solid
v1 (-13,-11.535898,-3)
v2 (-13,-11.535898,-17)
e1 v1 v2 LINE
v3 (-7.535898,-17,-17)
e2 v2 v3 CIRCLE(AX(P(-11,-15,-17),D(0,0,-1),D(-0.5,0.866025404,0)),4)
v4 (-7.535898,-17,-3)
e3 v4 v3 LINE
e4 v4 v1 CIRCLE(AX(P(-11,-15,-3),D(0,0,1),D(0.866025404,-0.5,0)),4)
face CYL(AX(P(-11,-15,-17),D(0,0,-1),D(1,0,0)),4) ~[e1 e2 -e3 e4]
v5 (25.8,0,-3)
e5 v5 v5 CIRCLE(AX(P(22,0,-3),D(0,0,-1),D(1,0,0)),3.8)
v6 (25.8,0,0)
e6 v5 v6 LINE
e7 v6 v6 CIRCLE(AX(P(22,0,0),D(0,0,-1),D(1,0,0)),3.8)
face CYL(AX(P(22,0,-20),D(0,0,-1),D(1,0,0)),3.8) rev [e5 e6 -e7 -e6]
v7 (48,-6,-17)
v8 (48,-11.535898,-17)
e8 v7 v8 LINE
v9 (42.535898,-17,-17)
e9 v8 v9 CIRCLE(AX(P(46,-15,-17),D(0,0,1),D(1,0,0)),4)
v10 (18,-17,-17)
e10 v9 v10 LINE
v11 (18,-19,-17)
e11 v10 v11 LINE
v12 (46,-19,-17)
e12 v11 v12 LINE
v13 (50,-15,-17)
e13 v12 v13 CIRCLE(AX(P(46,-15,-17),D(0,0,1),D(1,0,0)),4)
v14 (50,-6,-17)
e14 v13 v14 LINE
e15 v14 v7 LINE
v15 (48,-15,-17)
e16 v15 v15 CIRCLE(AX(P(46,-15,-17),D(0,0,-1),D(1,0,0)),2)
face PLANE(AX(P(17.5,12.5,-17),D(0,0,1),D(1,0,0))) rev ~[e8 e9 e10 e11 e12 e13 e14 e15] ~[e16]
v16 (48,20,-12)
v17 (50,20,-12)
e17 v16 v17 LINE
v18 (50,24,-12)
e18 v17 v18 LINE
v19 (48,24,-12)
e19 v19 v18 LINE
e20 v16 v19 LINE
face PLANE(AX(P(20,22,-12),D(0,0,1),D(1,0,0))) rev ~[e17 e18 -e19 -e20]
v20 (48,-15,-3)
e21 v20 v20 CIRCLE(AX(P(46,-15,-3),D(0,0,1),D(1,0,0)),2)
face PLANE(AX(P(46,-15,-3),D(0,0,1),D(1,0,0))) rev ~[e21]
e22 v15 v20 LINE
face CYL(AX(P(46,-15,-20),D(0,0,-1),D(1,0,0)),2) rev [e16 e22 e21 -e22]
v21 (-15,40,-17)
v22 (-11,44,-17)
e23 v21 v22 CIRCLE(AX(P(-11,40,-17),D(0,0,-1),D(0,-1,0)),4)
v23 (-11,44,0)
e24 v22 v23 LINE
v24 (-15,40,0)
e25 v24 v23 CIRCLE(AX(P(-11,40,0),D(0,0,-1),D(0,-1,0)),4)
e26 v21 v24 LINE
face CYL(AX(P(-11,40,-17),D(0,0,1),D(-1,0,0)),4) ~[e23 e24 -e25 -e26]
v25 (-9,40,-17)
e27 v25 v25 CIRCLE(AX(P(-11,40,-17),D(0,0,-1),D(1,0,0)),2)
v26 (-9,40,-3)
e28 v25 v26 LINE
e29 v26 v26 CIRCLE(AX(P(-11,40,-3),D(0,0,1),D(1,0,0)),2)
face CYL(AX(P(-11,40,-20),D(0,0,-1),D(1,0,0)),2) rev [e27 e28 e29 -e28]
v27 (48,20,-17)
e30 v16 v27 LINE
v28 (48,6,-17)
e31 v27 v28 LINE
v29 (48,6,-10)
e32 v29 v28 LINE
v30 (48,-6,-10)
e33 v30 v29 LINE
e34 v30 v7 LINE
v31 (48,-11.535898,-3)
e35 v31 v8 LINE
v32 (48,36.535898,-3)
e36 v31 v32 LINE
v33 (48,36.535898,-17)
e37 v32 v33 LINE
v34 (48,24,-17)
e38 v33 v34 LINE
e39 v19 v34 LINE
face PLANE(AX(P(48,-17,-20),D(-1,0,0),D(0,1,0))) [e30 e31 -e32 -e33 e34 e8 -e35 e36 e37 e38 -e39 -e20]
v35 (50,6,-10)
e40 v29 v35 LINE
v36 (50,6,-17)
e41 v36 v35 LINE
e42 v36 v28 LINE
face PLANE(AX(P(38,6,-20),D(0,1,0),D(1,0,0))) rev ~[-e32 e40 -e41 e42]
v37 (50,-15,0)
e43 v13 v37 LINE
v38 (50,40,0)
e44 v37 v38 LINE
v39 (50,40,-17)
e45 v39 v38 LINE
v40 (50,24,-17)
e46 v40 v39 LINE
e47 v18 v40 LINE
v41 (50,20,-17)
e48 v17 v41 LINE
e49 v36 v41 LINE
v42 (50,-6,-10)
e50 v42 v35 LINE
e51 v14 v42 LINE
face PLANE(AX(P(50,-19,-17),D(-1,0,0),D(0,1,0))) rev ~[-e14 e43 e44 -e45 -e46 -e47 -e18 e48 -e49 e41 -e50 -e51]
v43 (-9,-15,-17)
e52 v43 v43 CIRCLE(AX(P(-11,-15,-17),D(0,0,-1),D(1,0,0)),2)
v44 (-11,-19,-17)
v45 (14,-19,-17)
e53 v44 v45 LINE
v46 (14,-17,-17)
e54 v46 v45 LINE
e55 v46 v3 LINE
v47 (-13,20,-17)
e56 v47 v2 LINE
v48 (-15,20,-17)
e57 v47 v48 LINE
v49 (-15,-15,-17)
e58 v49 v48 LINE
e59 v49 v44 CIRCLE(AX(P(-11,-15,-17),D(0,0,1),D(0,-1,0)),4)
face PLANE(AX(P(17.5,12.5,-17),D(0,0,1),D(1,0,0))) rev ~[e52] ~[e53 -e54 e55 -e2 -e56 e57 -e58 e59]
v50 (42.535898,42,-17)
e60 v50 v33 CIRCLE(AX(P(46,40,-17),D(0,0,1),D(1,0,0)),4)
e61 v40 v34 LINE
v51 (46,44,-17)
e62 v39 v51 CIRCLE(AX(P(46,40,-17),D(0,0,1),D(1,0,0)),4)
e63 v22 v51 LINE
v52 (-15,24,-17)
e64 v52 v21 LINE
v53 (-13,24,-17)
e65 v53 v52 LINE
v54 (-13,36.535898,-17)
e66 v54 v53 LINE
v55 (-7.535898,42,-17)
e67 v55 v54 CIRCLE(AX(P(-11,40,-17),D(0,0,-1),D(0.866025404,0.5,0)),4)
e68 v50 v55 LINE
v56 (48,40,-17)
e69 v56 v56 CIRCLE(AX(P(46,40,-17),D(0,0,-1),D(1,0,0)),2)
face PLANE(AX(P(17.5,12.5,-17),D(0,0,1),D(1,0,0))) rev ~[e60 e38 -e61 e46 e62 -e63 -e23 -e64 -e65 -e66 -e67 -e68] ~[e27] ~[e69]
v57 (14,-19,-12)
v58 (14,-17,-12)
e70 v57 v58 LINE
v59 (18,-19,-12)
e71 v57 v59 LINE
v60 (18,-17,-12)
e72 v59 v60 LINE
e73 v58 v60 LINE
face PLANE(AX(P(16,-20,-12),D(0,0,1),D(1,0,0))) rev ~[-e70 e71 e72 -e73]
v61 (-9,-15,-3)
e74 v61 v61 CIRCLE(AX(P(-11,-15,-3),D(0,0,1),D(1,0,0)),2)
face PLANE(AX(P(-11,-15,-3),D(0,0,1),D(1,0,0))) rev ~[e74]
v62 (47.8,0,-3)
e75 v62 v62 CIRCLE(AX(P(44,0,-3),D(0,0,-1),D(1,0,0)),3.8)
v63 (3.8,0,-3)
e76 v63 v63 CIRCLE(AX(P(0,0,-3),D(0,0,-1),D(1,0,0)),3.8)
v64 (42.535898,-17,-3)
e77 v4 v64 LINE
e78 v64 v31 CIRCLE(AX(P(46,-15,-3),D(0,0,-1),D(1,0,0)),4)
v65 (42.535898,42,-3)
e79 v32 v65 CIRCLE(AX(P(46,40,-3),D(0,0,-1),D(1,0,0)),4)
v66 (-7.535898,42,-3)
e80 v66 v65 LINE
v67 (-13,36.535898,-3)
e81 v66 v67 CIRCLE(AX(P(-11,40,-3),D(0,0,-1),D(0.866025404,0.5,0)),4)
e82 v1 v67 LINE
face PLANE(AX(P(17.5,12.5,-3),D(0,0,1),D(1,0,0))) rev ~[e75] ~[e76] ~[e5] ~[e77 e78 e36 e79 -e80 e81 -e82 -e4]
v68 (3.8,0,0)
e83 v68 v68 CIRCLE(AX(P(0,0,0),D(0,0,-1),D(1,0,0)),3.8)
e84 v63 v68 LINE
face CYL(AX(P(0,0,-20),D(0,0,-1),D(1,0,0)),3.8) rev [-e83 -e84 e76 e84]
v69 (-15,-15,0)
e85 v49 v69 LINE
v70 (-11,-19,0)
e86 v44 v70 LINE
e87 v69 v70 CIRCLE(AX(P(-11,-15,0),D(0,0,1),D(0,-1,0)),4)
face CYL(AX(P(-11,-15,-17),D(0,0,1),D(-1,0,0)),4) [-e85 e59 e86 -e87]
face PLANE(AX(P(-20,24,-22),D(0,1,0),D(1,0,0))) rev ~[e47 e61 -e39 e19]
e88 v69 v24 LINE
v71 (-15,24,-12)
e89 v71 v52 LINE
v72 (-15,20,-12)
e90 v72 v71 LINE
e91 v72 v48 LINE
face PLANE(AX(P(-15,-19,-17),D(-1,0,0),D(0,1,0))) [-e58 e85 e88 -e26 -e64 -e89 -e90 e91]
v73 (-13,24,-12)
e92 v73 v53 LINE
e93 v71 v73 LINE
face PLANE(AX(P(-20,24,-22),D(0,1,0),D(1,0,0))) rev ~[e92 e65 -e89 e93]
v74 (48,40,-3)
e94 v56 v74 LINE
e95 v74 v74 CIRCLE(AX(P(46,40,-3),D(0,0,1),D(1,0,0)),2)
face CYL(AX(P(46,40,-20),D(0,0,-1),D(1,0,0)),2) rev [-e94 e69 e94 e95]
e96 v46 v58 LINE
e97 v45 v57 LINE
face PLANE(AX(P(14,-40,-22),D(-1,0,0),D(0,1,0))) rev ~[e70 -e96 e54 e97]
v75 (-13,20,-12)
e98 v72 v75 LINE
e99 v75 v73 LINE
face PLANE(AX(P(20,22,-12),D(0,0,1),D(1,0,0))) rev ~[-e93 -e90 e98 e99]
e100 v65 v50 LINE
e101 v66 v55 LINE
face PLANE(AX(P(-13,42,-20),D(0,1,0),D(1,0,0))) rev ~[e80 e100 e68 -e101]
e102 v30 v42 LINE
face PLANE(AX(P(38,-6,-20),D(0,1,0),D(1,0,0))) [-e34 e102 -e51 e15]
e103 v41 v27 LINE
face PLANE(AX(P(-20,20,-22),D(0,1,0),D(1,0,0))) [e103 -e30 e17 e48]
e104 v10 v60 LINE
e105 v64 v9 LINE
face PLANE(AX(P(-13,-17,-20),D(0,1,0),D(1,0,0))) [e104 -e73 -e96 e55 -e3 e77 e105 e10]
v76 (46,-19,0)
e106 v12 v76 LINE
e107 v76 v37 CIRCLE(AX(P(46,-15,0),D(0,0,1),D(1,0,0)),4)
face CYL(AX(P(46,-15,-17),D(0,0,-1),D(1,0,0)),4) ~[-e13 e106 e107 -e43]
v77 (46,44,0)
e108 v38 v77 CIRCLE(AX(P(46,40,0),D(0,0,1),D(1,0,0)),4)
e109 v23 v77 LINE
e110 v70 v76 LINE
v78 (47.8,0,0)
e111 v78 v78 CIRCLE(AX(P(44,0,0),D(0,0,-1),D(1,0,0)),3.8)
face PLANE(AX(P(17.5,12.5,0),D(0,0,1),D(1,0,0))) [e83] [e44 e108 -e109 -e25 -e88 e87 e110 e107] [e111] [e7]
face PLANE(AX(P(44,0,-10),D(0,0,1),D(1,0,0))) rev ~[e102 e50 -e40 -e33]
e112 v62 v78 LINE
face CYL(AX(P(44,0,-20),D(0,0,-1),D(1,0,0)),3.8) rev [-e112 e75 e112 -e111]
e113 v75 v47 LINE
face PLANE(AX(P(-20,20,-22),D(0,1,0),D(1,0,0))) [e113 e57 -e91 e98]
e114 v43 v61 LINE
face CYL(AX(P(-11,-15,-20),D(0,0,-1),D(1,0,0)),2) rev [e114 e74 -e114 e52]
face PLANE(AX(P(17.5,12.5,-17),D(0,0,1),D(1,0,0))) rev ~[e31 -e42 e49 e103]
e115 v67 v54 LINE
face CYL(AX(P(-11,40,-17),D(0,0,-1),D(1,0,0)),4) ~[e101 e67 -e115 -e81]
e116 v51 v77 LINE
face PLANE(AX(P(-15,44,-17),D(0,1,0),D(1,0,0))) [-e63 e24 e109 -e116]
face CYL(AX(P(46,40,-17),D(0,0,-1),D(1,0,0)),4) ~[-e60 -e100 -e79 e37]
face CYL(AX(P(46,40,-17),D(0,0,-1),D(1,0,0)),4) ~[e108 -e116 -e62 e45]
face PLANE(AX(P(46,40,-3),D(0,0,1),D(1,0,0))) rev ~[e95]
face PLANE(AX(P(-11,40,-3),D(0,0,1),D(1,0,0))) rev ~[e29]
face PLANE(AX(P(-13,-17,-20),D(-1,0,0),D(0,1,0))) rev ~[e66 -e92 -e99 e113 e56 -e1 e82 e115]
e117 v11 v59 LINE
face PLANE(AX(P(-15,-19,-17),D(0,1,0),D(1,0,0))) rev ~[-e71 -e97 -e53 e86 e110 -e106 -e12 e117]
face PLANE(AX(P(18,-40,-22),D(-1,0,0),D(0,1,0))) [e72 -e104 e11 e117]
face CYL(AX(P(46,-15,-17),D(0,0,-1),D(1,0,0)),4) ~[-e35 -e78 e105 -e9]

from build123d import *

# Parameters (mm, degrees)
CYLINDER_R        = 3.8
CYLINDER_DEPTH    = 50
CYLINDER001_R     = 10
CYLINDER001_DEPTH = 15
BOX001_W          = 12
BOX001_H          = 12
BOX001_DEPTH      = 10
BOX003_W          = 80
BOX003_H          = 4
BOX003_DEPTH      = 10
BOX004_W          = 4
BOX004_H          = 40
BOX004_DEPTH      = 10
CYLINDER003_R     = 2
CYLINDER003_DEPTH = 17
ARRAY001_X_COUNT  = 2
ARRAY001_X_PITCH  = 57
ARRAY001_Y_COUNT  = 2
ARRAY001_Y_PITCH  = 55
BOX002_W          = 61
BOX002_H          = 59
BOX002_DEPTH      = 17
BOX_W             = 65
BOX_H             = 63
BOX_DEPTH         = 17
FILLET_R          = 4
CYLINDER002_R     = 4
CYLINDER002_DEPTH = 17
ARRAY_X_COUNT     = 2
ARRAY_X_PITCH     = 57
ARRAY_Y_COUNT     = 2
ARRAY_Y_PITCH     = 55


with BuildPart() as encoder_hole:
    # Cylinder → Cylinder (new body)
    with BuildSketch(Plane.XY):
        Circle(CYLINDER_R)
    extrude(amount=CYLINDER_DEPTH)


with BuildPart() as encoder_cap:
    # Cylinder001 → Cylinder001 (new body)
    with BuildSketch(Plane.XY.offset(35)):
        Circle(CYLINDER001_R)
    extrude(amount=CYLINDER001_DEPTH)


with BuildPart() as encoder_fusion:
    # Box001 → Box001 (new body)
    with BuildSketch(Plane(origin=(-6, -6, 0), x_dir=(1, 0, 0), z_dir=(0, 0, 1))):
        with Locations((6, 6)):
            Rectangle(BOX001_W, BOX001_H)
    extrude(amount=BOX001_DEPTH)

    # Fusion: union encoder hole, encoder cap
    add(encoder_hole.part)
    add(encoder_cap.part)


with BuildPart() as encoder_fusion_1:
    # Fusion placement: moved
    add(encoder_fusion.part.moved(Location((0, 0, -20))))


with BuildPart() as encoder_clone001:
    # Body001 base: copy of encoder fusion
    add(encoder_fusion_1.part)


with BuildPart() as encoder_clone001_1:
    # Clone001 placement: moved
    add(encoder_clone001.part.moved(Location((0, 0, 20))))


with BuildPart() as encoder_clone001_2:
    # Body001 placement: moved
    add(encoder_clone001_1.part.moved(Location((22, 0, -20))))


with BuildPart() as encoder_compound_clone:
    # Body base: copy of encoder fusion
    add(encoder_fusion_1.part)


with BuildPart() as encoder_compound_clone_1:
    # Clone placement: moved
    add(encoder_compound_clone.part.moved(Location((0, 0, 20))))


with BuildPart() as encoder_compound_clone_2:
    # Body placement: moved
    add(encoder_compound_clone_1.part.moved(Location((44, 0, -20))))

    # Compound: union encoder clone001, encoder fusion
    add(encoder_clone001_2.part)
    add(encoder_fusion_1.part)


with BuildPart() as cube003:
    # Box003 → Box003 (new body)
    with BuildSketch(Plane(origin=(-20, 20, -22), x_dir=(1, 0, 0), z_dir=(0, 0, 1))):
        with Locations((40, 2)):
            Rectangle(BOX003_W, BOX003_H)
    extrude(amount=BOX003_DEPTH)


with BuildPart() as cube004:
    # Box004 → Box004 (new body)
    with BuildSketch(Plane(origin=(14, -40, -22), x_dir=(1, 0, 0), z_dir=(0, 0, 1))):
        with Locations((2, 20)):
            Rectangle(BOX004_W, BOX004_H)
    extrude(amount=BOX004_DEPTH)


with BuildPart() as encoder_box_extract:
    # Cylinder003 → Cylinder003 (new body)
    with BuildSketch(Plane(origin=(-11, -15, -20), x_dir=(1, 0, 0), z_dir=(0, 0, 1))):
        Circle(CYLINDER003_R)
    extrude(amount=CYLINDER003_DEPTH)

    # Array001 X: encoder box extract ×2


with BuildPart() as encoder_box_extract_1:
    add(encoder_box_extract.part)
    with Locations(*[(i * ARRAY001_X_PITCH, 0, 0) for i in range(1, ARRAY001_X_COUNT)]):
        add(encoder_box_extract.part)

    # Array001 Y: encoder box extract ×2


with BuildPart() as encoder_box_extract_2:
    add(encoder_box_extract_1.part)
    with Locations(*[(0, i * ARRAY001_Y_PITCH, 0) for i in range(1, ARRAY001_Y_COUNT)]):
        add(encoder_box_extract_1.part)

    # Fusion002: union encoder compound clone, Cube003, Cube004
    add(encoder_compound_clone_2.part)
    add(cube003.part)
    add(cube004.part)


with BuildPart() as cube002:
    # Box002 → Box002 (new body)
    with BuildSketch(Plane(origin=(-13, -17, -20), x_dir=(1, 0, 0), z_dir=(0, 0, 1))):
        with Locations((30.5, 29.5)):
            Rectangle(BOX002_W, BOX002_H)
    extrude(amount=BOX002_DEPTH)


with BuildPart() as fillet_body:
    # Box → Box (new body)
    with BuildSketch(Plane(origin=(-15, -19, -17), x_dir=(1, 0, 0), z_dir=(0, 0, 1))):
        with Locations((32.5, 31.5)):
            Rectangle(BOX_W, BOX_H)
    extrude(amount=BOX_DEPTH)

    # Cut001: cut Cube002
    add(cube002.part, mode=Mode.SUBTRACT)

    # Fillet
    fillet_edges = [fillet_body.edges().sort_by_distance(p)[0] for p in [
        (-15, -19, -8.5),
        (-15, 44, -8.5),
        (50, -19, -8.5),
        (50, 44, -8.5),
    ]]
    fillet(fillet_edges, radius=FILLET_R)


with BuildPart() as encoder_box_cut:
    # Cylinder002 → Cylinder002 (new body)
    with BuildSketch(Plane(origin=(-11, -15, -17), x_dir=(1, 0, 0), z_dir=(0, 0, 1))):
        Circle(CYLINDER002_R)
    extrude(amount=CYLINDER002_DEPTH)

    # Array X: encoder box cut ×2


with BuildPart() as encoder_box_cut_1:
    add(encoder_box_cut.part)
    with Locations(*[(i * ARRAY_X_PITCH, 0, 0) for i in range(1, ARRAY_X_COUNT)]):
        add(encoder_box_cut.part)

    # Array Y: encoder box cut ×2


with BuildPart() as encoder_box_cut_2:
    add(encoder_box_cut_1.part)
    with Locations(*[(0, i * ARRAY_Y_PITCH, 0) for i in range(1, ARRAY_Y_COUNT)]):
        add(encoder_box_cut_1.part)

    # Fusion001: union Fillet body
    add(fillet_body.part)

    # Cut: cut encoder box extract
    add(encoder_box_extract_2.part, mode=Mode.SUBTRACT)


solid = encoder_box_cut_2.part
